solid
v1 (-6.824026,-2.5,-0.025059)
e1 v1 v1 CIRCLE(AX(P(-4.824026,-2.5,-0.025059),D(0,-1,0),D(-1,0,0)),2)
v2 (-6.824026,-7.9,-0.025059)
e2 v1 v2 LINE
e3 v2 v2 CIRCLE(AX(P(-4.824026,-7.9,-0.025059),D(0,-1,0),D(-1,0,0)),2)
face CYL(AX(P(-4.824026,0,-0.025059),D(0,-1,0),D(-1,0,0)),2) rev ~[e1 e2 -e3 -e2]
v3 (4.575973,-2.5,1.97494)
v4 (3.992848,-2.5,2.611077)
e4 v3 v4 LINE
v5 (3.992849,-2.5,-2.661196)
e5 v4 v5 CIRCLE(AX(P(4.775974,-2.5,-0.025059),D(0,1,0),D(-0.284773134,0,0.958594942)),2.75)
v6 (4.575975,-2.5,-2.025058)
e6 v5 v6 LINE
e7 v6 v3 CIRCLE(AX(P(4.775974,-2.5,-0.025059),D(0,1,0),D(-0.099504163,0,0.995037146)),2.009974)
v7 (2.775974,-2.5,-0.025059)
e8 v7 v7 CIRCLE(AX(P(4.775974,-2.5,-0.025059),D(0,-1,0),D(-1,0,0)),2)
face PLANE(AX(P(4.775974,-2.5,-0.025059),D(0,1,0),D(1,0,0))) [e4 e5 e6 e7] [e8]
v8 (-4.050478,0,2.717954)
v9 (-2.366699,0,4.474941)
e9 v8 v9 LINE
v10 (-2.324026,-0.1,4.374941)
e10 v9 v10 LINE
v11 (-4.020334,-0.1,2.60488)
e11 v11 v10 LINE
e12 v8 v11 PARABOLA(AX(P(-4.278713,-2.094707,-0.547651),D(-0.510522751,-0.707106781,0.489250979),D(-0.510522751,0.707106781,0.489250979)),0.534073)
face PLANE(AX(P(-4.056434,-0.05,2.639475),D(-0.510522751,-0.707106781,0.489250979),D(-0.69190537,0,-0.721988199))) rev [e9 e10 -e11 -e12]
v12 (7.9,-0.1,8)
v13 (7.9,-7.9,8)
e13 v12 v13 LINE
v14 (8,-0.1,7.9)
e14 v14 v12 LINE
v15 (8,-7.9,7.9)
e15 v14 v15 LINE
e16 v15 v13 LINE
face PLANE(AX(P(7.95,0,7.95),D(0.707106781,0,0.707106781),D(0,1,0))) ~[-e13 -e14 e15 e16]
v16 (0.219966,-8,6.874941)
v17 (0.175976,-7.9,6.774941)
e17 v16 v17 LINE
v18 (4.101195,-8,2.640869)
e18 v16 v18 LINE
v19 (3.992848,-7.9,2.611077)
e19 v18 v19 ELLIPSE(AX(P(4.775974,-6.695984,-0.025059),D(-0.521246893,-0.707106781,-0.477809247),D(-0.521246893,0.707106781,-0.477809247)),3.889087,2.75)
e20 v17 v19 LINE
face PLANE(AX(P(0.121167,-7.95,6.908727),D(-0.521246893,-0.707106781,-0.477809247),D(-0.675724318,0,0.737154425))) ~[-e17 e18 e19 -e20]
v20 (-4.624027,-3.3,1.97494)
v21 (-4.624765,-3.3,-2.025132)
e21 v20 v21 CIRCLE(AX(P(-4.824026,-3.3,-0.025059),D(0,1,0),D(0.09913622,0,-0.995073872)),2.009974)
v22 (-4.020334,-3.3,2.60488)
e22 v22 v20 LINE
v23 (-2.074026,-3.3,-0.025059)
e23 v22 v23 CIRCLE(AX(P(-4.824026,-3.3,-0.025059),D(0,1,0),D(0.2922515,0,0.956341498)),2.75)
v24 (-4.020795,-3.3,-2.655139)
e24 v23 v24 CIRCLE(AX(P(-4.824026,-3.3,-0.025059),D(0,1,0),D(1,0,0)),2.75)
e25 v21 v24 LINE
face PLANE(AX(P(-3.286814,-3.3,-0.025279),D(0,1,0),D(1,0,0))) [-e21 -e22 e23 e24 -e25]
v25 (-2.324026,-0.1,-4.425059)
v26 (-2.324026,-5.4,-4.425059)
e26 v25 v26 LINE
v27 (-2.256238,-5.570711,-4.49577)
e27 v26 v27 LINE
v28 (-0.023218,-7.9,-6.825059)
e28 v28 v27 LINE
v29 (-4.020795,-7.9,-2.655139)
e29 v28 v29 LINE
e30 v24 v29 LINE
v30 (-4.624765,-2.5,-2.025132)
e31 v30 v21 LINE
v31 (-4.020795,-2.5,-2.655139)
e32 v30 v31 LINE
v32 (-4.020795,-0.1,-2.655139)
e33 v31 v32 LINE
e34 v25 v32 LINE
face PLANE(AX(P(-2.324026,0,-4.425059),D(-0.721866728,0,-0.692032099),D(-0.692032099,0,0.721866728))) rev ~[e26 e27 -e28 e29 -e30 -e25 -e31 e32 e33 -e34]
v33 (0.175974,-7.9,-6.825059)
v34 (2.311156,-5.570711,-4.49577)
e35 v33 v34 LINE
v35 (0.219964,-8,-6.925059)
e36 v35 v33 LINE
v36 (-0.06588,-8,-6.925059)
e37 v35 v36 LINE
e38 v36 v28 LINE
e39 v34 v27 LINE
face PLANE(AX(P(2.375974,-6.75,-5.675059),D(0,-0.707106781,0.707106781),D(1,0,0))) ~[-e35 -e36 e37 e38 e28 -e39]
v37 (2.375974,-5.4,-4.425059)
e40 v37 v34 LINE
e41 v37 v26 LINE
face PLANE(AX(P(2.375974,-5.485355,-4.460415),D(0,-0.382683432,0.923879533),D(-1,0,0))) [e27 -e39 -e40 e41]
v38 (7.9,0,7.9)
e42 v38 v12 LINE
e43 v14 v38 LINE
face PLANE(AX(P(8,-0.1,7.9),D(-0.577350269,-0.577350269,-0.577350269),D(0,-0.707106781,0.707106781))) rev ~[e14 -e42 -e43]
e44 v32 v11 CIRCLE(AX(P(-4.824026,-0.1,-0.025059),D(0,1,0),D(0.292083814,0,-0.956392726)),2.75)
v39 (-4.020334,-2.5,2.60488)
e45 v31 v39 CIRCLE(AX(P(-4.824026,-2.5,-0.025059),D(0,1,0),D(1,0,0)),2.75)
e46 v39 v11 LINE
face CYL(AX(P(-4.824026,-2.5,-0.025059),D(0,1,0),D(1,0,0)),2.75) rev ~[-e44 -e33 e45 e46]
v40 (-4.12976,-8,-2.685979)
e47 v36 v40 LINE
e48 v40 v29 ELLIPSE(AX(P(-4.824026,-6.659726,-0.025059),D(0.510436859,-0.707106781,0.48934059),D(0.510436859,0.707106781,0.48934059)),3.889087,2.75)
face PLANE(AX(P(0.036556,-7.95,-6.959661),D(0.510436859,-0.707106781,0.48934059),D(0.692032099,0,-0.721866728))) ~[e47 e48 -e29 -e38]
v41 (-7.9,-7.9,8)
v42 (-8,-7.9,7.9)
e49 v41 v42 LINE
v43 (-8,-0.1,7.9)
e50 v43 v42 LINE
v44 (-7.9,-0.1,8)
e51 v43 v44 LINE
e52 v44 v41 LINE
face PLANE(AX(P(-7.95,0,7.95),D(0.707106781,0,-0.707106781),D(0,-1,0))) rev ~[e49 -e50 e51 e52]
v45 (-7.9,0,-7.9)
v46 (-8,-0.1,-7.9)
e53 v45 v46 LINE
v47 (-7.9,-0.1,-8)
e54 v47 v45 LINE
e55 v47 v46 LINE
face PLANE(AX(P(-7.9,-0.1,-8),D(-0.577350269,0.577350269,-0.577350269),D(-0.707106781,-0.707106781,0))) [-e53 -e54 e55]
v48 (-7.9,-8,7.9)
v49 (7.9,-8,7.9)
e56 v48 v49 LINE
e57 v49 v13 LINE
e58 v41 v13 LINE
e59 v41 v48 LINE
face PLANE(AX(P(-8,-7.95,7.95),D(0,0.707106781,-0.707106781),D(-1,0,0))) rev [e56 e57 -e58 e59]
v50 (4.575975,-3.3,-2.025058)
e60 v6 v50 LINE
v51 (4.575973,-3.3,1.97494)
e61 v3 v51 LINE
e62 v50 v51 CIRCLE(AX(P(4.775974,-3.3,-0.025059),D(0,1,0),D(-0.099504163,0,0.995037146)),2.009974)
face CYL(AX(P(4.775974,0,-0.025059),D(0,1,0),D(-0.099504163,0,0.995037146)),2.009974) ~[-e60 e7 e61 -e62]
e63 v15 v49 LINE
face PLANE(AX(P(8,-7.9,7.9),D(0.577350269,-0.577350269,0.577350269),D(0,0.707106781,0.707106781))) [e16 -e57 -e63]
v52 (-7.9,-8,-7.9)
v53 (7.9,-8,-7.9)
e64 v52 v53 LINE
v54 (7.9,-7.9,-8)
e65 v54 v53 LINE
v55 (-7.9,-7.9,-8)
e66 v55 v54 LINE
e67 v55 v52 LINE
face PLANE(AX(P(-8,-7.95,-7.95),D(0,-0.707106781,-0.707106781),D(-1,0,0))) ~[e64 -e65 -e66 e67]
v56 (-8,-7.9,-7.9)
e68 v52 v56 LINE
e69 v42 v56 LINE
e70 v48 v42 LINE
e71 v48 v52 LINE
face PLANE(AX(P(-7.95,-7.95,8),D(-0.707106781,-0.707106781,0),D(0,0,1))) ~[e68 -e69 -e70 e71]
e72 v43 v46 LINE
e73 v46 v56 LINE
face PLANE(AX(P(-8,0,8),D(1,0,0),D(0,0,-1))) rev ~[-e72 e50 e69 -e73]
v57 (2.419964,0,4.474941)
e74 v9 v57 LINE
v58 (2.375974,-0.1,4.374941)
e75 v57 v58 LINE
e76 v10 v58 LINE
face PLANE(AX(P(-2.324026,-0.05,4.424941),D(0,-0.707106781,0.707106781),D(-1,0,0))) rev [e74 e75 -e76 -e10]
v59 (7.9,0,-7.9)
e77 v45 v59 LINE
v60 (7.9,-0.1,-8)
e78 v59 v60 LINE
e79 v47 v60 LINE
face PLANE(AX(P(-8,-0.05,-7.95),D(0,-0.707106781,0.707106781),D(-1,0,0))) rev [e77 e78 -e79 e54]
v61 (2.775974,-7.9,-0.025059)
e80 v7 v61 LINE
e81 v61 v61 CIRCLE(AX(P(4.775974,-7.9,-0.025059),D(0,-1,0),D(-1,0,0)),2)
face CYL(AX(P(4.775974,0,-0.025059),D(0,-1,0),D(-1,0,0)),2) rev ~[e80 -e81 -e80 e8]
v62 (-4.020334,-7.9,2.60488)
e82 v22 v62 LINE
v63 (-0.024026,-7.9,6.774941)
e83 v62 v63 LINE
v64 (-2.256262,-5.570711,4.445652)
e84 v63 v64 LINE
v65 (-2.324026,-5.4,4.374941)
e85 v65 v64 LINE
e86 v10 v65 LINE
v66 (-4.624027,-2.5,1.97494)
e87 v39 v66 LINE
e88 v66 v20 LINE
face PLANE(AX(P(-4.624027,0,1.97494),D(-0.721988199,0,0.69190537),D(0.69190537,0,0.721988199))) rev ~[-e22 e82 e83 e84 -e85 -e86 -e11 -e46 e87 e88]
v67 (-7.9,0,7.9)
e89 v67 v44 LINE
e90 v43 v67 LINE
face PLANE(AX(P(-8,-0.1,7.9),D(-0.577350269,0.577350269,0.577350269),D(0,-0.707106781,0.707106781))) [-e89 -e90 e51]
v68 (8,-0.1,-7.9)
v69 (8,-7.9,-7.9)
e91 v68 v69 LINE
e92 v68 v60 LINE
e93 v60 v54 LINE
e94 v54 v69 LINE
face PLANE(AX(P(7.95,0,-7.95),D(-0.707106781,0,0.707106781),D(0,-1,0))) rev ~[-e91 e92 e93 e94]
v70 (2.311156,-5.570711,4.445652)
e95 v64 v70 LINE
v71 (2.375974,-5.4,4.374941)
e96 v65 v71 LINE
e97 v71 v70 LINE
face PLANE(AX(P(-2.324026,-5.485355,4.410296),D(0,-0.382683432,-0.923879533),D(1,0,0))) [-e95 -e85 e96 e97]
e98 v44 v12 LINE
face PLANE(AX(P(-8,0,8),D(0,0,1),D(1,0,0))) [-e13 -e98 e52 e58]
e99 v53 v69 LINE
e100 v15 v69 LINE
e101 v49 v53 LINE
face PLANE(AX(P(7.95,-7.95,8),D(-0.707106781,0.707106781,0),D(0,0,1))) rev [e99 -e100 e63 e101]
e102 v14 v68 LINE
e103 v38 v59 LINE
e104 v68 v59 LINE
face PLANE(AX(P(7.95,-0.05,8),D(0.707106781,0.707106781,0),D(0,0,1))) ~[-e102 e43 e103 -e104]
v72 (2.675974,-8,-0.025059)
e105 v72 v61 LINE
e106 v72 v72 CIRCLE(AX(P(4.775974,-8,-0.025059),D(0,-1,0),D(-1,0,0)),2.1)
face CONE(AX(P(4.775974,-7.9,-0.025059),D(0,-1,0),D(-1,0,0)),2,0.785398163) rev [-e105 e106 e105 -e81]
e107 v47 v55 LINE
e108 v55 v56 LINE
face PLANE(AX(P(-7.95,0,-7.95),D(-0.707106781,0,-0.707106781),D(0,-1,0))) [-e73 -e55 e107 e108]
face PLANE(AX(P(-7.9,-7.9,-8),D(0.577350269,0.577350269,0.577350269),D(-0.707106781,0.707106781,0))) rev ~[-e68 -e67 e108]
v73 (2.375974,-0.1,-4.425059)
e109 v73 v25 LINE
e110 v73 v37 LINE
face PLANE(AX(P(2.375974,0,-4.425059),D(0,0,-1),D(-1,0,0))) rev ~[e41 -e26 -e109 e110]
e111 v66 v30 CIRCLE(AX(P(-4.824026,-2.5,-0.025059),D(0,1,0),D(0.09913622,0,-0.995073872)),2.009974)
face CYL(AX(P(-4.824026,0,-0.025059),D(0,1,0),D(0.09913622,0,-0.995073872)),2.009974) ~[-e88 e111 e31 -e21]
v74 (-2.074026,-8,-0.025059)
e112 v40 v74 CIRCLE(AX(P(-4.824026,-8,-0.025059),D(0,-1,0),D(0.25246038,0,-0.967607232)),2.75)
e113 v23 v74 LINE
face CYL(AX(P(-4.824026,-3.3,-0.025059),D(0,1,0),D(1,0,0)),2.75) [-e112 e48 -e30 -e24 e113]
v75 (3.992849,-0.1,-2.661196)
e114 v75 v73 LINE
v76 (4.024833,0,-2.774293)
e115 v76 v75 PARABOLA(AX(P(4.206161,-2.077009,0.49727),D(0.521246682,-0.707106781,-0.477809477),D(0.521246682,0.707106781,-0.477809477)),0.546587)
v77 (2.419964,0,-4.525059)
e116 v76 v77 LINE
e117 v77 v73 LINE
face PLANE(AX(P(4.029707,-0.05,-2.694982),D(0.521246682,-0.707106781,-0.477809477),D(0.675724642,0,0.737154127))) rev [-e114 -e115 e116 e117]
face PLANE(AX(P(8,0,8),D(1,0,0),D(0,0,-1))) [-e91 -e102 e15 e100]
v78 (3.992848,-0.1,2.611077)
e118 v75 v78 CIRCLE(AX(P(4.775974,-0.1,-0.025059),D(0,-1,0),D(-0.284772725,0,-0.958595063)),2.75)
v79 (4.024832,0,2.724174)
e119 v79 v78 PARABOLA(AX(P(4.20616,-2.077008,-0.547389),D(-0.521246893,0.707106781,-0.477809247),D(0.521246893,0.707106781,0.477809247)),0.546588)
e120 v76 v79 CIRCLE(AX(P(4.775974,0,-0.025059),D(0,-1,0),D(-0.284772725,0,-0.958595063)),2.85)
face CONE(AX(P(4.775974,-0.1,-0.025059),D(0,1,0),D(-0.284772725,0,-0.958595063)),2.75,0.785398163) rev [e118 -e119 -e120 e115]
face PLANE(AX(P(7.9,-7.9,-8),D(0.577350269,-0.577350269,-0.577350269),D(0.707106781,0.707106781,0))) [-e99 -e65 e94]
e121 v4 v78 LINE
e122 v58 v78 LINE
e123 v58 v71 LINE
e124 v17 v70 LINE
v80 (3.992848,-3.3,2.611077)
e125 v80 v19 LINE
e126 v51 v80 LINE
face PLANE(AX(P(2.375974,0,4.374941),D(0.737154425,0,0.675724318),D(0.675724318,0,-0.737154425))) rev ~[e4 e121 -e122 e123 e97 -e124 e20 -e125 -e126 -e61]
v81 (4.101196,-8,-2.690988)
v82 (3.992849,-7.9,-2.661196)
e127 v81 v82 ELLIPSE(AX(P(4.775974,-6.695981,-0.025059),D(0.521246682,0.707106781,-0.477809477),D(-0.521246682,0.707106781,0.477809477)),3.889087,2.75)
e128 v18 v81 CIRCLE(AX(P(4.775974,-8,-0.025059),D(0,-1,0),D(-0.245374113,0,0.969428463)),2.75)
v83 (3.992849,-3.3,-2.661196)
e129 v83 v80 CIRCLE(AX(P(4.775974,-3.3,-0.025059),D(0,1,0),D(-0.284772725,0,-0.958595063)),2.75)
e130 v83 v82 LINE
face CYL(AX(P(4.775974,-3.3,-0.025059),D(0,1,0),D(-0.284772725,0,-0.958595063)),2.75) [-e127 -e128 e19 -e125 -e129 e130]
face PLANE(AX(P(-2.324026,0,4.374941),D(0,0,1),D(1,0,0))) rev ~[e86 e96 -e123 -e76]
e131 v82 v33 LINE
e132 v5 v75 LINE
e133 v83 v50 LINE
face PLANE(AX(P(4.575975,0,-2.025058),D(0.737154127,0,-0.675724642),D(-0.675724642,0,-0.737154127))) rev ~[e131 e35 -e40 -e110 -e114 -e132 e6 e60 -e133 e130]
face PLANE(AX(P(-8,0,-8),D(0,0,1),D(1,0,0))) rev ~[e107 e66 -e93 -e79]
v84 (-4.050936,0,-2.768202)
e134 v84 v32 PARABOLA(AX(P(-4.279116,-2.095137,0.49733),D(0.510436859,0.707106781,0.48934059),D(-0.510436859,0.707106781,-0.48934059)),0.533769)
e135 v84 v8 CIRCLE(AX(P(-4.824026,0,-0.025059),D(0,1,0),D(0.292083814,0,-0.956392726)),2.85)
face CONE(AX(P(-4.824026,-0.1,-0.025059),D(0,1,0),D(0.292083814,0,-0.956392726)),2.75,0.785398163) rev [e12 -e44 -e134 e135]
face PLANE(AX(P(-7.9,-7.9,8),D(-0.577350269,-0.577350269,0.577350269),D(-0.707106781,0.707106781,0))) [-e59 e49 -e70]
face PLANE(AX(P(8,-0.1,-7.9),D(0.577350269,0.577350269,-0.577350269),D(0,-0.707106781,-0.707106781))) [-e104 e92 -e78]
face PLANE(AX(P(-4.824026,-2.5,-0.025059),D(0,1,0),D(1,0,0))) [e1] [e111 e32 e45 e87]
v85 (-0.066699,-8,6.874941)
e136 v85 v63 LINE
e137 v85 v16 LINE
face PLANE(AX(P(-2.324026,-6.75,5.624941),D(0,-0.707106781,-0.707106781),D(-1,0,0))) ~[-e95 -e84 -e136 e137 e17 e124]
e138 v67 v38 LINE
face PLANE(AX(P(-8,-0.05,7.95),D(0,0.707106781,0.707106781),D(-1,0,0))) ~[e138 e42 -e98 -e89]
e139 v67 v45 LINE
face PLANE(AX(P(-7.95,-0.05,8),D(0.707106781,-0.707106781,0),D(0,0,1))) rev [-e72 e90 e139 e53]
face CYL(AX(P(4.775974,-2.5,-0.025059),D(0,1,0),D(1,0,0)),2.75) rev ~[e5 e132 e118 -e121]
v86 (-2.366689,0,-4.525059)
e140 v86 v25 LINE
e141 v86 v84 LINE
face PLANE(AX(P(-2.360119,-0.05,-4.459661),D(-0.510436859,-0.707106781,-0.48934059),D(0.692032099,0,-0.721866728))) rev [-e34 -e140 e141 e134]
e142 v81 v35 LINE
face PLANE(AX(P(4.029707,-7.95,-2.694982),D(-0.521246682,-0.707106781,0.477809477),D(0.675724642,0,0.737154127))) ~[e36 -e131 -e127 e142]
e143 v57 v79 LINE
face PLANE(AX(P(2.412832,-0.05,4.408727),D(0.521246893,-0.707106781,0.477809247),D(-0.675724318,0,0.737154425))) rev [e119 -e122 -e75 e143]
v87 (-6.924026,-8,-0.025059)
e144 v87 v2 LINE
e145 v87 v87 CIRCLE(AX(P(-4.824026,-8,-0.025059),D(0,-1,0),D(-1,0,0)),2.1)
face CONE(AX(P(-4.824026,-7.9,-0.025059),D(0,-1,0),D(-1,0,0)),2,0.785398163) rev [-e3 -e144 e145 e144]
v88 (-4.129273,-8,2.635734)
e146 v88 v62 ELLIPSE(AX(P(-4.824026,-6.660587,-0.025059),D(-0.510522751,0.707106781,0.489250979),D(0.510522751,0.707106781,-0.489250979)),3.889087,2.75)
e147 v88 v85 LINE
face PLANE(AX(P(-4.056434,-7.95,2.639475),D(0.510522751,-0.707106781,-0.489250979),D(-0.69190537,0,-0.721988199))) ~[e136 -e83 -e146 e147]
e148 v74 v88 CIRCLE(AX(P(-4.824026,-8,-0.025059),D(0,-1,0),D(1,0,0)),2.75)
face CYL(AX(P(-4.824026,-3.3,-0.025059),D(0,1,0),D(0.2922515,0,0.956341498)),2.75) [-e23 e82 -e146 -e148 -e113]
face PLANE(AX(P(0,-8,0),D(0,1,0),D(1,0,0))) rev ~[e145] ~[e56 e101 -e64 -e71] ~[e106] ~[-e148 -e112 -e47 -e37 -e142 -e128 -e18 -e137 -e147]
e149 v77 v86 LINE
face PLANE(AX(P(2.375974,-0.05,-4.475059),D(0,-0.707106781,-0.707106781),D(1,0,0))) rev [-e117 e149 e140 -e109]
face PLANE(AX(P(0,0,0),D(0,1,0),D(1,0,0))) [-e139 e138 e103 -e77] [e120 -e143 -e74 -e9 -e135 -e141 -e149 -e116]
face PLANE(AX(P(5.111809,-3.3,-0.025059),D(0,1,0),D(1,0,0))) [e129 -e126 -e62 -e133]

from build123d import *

# Parameters (mm, degrees)
SKETCH1_W                      = 16
SKETCH1_H                      = 16
BOSS_EXTRUDE1_DEPTH            = 8
BOSS_EXTRUDE2_START            = -3.3
BOSS_EXTRUDE2_DEPTH            = 4.7
CBORE_FOR_M3_SHCS1_D           = 4
CBORE_FOR_M3_SHCS1_CBORE_D     = 5.5
CBORE_FOR_M3_SHCS1_CBORE_DEPTH = 2.5
WIRECLEARANCE_SIZE             = 2.5
EDGEBREAK_0_1_SIZE             = 0.1


with BuildPart() as part:
    # Sketch1 → Boss-Extrude1 (new body)
    with BuildSketch(Plane(origin=(0, 0, 0), x_dir=(1, 0, 0), z_dir=(0, 1, 0))):
        Rectangle(SKETCH1_W, SKETCH1_H)
        with BuildLine():
            Line((-4.624026974, -1.974939831), (-2.324025974, -4.374940831))
            Line((-2.324025974, -4.374940831), (2.375974026, -4.374940831))
            Line((2.375974026, -4.374940831), (4.575973243, -1.974939653))
            ThreePointArc((4.575973243, -1.974939653), (2.765999996, 0.025060065), (4.575975026, 2.025058169))
            Line((4.575975026, 2.025058169), (2.375974026, 4.425059169))
            Line((2.375974026, 4.425059169), (-2.324025974, 4.425059169))
            Line((-2.324025974, 4.425059169), (-4.624764746, 2.025131808))
            ThreePointArc((-4.624764746, 2.025131808), (-2.814051979, 0.025429887), (-4.624026974, -1.974939831))
        make_face(mode=Mode.SUBTRACT)
    extrude(amount=-BOSS_EXTRUDE1_DEPTH)

    # Sketch2 → Boss-Extrude2 (add)
    with BuildSketch(Plane(origin=(0, 0, 0), x_dir=(1, 0, 0), z_dir=(0, 1, 0)).offset(BOSS_EXTRUDE2_START)):
        with BuildLine():
            ThreePointArc((3.992847908, -2.611076921), (6.420495716, -2.179038926), (7.525974026, 0.025059169))
            ThreePointArc((7.525974026, 0.025059169), (6.420496186, 2.229156913), (3.992849032, 2.661195592))
            Line((3.992849032, 2.661195592), (4.575975026, 2.025058169))
            ThreePointArc((4.575975026, 2.025058169), (2.765999996, 0.025060065), (4.575973243, -1.974939653))
            Line((4.575973243, -1.974939653), (3.992847908, -2.611076921))
        make_face()
        with BuildLine():
            Line((4.575975026, 2.025058169), (3.992849032, 2.661195592))
            ThreePointArc((3.992849032, 2.661195592), (2.025974026, 0.025059755), (3.992847908, -2.611076921))
            Line((3.992847908, -2.611076921), (4.575973243, -1.974939653))
            ThreePointArc((4.575973243, -1.974939653), (2.765999996, 0.025060065), (4.575975026, 2.025058169))
        make_face()
        with BuildLine():
            ThreePointArc((-4.020334349, -2.604879951), (-2.613522415, -1.610842422), (-2.074025974, 0.025059169))
            ThreePointArc((-2.074025974, 0.025059169), (-2.61366584, 1.661154545), (-4.020795486, 2.655139164))
            Line((-4.020795486, 2.655139164), (-4.624764746, 2.025131808))
            ThreePointArc((-4.624764746, 2.025131808), (-2.814051979, 0.025429887), (-4.624026974, -1.974939831))
            Line((-4.624026974, -1.974939831), (-4.020334349, -2.604879951))
        make_face()
        with BuildLine():
            Line((-4.624764746, 2.025131808), (-4.020795486, 2.655139164))
            ThreePointArc((-4.020795486, 2.655139164), (-7.574025963, 0.024818081), (-4.020334349, -2.604879951))
            Line((-4.020334349, -2.604879951), (-4.624026974, -1.974939831))
            ThreePointArc((-4.624026974, -1.974939831), (-2.814051979, 0.025429887), (-4.624764746, 2.025131808))
        make_face()
    extrude(amount=-BOSS_EXTRUDE2_DEPTH)

    # CBORE for M3 SHCS1 (through all)
    with Locations(Plane(origin=(0, 0, 0), x_dir=(1, 0, 0), z_dir=(0, 1, 0))):
        with Locations((4.775974026, 0.025059169), (-4.824025974, 0.025059169)):
            CounterBoreHole(CBORE_FOR_M3_SHCS1_D / 2, CBORE_FOR_M3_SHCS1_CBORE_D / 2, CBORE_FOR_M3_SHCS1_CBORE_DEPTH)

    # WireClearance
    wireclearance_edges = [part.edges().sort_by_distance(p)[0] for p in [
        (0.025974026, -8, -4.425059169),
        (0.025974026, -8, 4.374940831),
    ]]
    chamfer(wireclearance_edges, length=WIRECLEARANCE_SIZE)

    # Edgebreak-0.1
    edgebreak_0_1_edges = [part.edges().sort_by_distance(p)[0] for p in [
        (-8, -8, 0),
        (0.025974026, -5.5, -4.425059169),
        (0.025974026, -5.5, 4.374940831),
        (0, -8, 8),
        (-1.974073017, -8, -4.790099166),
        (2.038578604, -8, 4.743008876),
        (0.025974026, 0, 4.374940831),
        (3.184410967, 0, 3.493008876),
        (0.025974026, 0, -4.425059169),
        (-3.17241073, 0, -3.540099167),
        (8, -8, 0),
        (2.038578152, -8, -4.793127381),
        (0, 0, 8),
        (-8, 0, 0),
        (0, 0, -8),
        (-1.974263473, -8, 4.739910391),
        (8, 0, 0),
        (0, -8, -8),
        (-3.172180161, 0, 3.489910391),
        (-7.574025963, 0, -0.024818081),
        (8, -4, 8),
        (-8, -4, 8),
        (-8, -4, -8),
        (8, -4, -8),
        (-2.824025974, -8, -0.025059169),
        (3.184411529, 0, -3.543127381),
        (7.525974026, 0, -0.025058583),
        (6.775974026, -8, -0.025059169),
    ]]
    chamfer(edgebreak_0_1_edges, length=EDGEBREAK_0_1_SIZE)


solid = part.part
